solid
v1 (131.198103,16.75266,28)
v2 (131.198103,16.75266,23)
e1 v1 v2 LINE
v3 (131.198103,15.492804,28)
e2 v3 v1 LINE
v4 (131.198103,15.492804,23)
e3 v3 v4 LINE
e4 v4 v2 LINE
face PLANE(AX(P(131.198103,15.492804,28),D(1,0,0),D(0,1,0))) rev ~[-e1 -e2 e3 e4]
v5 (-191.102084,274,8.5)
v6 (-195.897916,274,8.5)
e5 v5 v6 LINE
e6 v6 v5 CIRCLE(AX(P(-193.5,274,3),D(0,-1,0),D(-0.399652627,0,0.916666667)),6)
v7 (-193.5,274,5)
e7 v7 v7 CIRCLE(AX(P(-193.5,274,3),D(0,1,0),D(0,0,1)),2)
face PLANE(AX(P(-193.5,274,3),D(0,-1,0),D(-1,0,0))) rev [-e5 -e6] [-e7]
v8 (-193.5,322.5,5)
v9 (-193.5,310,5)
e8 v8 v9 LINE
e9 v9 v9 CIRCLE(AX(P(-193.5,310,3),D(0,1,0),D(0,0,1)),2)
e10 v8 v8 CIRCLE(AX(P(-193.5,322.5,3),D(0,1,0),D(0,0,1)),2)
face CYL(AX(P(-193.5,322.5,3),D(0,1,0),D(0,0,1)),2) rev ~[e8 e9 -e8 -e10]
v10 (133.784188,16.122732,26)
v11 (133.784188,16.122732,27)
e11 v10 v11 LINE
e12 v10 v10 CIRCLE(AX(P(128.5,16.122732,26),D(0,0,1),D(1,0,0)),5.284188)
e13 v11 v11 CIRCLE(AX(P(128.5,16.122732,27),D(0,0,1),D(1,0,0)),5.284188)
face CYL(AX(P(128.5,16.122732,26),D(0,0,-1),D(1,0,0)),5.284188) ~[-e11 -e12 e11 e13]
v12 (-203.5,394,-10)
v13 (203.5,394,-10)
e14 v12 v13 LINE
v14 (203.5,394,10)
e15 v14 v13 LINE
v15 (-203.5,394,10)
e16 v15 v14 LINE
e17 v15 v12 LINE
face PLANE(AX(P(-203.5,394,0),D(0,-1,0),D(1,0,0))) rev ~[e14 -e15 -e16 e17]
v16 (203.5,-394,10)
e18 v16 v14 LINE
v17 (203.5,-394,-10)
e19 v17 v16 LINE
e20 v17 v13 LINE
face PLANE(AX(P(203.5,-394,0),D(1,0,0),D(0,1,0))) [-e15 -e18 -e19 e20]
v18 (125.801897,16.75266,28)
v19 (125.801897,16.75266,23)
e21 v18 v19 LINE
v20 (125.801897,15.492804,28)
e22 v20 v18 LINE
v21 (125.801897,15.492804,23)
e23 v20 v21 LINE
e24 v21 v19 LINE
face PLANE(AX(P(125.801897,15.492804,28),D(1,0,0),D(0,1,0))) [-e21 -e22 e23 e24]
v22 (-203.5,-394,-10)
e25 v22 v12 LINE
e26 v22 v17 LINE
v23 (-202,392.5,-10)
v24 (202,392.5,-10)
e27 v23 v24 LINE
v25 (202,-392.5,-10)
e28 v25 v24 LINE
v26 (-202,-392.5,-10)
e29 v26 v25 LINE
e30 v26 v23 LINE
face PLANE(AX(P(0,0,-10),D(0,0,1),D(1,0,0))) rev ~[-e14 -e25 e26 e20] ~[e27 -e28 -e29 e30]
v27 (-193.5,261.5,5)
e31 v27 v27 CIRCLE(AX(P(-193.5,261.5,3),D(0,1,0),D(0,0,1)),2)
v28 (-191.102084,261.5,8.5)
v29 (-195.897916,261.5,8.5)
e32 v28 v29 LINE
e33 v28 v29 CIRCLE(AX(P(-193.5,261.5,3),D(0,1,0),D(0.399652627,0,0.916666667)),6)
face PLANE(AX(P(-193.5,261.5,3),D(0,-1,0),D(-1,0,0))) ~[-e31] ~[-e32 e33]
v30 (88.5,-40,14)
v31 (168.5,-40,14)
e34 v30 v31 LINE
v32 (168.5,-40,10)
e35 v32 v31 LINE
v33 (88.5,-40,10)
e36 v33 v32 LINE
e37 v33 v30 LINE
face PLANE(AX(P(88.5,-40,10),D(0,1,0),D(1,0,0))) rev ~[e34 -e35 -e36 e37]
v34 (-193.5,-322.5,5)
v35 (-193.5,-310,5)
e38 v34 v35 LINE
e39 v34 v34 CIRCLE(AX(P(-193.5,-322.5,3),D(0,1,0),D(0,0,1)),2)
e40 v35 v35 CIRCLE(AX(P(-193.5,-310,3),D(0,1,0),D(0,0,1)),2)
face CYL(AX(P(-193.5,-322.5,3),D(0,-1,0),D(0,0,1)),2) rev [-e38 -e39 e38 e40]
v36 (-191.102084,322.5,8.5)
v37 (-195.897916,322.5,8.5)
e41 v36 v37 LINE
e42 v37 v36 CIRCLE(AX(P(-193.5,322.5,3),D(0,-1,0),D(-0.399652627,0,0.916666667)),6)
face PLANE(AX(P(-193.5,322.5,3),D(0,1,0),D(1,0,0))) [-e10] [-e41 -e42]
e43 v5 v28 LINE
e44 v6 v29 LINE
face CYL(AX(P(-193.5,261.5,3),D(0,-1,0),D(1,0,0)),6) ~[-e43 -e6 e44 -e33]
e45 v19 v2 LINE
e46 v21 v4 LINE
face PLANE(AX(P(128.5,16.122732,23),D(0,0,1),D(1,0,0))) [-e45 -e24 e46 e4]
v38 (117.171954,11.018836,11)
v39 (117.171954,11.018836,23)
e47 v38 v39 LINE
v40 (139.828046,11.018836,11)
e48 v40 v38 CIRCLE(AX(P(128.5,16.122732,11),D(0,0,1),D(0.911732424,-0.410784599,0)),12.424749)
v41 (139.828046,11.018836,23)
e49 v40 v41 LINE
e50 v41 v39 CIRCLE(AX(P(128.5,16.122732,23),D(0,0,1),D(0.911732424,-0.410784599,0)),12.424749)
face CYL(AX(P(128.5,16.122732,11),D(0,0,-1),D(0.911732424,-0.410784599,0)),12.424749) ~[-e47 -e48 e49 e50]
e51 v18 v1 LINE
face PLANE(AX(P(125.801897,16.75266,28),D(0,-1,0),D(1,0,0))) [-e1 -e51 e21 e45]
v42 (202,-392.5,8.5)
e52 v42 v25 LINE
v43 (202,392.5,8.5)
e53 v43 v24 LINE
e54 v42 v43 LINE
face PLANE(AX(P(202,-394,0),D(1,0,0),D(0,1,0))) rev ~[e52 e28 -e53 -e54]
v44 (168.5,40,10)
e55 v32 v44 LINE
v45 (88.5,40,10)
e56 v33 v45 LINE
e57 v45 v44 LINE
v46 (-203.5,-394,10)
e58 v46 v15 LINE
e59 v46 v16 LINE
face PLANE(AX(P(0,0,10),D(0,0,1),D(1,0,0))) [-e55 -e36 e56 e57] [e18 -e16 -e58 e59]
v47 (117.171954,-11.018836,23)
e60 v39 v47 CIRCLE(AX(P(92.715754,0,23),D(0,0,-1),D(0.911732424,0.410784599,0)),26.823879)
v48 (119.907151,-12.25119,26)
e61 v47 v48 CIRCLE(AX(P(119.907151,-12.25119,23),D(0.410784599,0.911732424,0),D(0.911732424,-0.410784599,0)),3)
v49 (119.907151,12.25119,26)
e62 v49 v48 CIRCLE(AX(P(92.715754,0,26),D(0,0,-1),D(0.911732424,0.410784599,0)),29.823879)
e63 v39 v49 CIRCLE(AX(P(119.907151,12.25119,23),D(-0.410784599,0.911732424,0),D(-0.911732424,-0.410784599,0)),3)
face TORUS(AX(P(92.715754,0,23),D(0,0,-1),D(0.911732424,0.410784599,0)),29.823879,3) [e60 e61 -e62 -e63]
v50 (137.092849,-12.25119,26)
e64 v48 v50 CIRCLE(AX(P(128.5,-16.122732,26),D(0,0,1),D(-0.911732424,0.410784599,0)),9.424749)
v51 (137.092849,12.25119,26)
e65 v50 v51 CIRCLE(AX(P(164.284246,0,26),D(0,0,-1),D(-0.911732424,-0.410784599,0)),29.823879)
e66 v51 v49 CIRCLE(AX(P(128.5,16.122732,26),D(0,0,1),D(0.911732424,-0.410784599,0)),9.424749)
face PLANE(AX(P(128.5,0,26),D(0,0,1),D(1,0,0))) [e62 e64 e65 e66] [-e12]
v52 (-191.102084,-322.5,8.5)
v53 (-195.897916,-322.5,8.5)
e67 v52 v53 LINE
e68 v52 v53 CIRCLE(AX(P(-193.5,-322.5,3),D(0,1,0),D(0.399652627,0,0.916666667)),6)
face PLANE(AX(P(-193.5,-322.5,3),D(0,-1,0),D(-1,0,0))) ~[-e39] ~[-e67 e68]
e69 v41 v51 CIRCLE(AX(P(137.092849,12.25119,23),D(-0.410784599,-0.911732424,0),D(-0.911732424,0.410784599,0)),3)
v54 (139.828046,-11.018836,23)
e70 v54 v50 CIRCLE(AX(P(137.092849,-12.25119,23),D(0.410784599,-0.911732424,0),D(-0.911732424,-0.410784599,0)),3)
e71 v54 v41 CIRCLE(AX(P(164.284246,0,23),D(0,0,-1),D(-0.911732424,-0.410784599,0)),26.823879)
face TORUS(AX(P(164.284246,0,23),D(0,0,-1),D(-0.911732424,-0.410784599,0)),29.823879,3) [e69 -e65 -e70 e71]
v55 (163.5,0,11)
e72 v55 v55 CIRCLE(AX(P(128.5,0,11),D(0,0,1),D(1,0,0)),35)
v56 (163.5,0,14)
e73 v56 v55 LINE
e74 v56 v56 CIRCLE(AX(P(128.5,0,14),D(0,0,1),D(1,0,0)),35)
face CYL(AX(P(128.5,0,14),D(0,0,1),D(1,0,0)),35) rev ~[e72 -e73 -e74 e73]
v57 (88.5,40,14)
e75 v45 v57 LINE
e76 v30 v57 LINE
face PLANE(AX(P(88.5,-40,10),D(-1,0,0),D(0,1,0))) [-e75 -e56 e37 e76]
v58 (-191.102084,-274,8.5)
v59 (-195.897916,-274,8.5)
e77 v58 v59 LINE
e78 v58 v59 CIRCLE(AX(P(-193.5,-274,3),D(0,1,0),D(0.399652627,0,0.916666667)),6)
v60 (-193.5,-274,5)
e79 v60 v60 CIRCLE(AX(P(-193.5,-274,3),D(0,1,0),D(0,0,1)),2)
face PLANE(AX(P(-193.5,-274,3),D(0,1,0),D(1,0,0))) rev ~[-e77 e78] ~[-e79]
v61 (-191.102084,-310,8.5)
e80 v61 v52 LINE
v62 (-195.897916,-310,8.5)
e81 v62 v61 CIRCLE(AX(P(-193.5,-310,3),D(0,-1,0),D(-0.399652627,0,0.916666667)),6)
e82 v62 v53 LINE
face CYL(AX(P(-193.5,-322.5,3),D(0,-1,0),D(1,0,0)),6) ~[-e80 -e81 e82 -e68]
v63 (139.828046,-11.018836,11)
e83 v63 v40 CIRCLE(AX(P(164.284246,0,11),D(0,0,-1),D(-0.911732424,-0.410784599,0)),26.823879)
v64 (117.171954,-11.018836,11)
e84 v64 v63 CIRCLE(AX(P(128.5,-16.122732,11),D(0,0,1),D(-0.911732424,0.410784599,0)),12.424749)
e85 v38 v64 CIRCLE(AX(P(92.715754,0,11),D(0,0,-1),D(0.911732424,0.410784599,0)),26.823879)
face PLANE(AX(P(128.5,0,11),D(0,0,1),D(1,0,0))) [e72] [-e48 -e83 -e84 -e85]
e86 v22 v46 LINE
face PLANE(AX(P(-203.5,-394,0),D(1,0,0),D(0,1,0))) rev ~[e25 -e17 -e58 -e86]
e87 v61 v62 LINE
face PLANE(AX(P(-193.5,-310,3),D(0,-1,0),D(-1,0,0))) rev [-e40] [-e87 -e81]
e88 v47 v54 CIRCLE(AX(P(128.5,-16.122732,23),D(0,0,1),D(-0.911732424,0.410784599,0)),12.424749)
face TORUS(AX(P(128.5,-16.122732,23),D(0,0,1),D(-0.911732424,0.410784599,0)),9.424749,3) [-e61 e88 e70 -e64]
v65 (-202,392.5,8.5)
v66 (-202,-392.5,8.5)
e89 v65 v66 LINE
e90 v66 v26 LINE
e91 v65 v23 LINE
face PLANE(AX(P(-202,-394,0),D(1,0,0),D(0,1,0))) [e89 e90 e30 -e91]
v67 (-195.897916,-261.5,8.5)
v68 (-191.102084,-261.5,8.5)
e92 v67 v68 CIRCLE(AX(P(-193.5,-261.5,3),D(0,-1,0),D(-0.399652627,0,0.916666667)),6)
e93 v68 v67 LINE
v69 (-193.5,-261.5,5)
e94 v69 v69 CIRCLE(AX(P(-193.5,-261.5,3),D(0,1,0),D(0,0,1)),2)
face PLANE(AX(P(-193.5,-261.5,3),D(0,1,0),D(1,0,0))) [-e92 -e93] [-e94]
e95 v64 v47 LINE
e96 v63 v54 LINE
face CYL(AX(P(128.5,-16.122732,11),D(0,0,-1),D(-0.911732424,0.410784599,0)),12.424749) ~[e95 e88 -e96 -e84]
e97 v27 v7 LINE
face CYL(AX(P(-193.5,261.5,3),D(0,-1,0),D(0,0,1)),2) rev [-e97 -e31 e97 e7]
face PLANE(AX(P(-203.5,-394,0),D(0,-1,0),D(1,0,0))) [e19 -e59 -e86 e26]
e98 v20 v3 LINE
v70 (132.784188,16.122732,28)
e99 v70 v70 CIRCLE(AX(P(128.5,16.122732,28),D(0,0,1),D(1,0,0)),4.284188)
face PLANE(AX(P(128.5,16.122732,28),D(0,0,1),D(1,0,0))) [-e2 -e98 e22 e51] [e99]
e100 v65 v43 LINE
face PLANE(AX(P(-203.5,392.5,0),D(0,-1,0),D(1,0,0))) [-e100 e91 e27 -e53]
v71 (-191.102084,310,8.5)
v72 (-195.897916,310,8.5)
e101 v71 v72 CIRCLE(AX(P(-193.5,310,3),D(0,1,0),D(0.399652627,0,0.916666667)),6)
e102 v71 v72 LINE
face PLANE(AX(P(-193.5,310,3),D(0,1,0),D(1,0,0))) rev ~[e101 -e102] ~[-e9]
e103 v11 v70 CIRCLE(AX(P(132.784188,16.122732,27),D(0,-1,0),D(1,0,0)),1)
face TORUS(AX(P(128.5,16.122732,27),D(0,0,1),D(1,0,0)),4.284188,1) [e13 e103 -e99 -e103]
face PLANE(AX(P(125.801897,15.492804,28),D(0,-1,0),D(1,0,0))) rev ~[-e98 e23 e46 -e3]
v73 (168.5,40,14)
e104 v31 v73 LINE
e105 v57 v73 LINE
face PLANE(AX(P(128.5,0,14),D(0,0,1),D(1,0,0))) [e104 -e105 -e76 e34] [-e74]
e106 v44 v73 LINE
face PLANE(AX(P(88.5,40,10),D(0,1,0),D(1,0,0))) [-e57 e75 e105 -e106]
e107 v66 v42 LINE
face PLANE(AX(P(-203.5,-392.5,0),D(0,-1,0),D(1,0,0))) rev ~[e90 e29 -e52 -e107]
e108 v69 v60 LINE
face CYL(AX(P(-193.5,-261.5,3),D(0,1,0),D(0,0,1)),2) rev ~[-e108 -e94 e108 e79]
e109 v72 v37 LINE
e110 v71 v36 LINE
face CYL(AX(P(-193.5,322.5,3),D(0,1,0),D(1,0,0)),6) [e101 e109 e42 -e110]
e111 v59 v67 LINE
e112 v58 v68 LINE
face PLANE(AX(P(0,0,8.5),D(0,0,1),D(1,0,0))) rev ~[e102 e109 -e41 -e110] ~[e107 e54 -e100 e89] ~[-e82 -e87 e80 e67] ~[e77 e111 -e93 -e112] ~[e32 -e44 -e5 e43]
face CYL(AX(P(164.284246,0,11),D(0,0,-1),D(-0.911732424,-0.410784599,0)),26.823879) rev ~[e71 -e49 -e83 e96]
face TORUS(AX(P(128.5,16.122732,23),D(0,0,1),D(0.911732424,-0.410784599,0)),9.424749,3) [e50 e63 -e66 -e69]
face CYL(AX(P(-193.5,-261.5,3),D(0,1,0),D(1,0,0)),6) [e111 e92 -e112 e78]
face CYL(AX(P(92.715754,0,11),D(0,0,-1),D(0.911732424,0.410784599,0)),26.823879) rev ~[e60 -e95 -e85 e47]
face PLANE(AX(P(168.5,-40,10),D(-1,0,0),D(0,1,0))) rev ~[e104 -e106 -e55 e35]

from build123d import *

# Parameters (mm, degrees)
SKETCH1_W                 = 407
SKETCH1_H                 = 788
BOSS_EXTRUDE1_DEPTH       = 10
SHELL1_T                  = -1.5
SKETCH2_W                 = 80
SKETCH2_H                 = 80
BOSS_EXTRUDE2_DEPTH       = 4
SKETCH3_R                 = 35
CUT_EXTRUDE1_DEPTH        = 3
BOSS_EXTRUDE3_DEPTH       = 15
SKETCH5_R                 = 5.284188489
BOSS_EXTRUDE4_DEPTH       = 2
FILLET1_R                 = 3
FILLET2_R                 = 1
SKETCH6_W                 = 5.396205122
SKETCH6_H                 = 1.259856044
CUT_EXTRUDE2_DEPTH        = 5
BOSS_EXTRUDE5_START       = -71.5
SKETCH7_R                 = 6
SKETCH7_R_2               = 2
BOSS_EXTRUDE5_DEPTH       = 12.5
MIRROR2_START             = -71.5
MIRROR2_COPY_1_SKETCH_R   = 6
MIRROR2_COPY_1_SKETCH_R_2 = 2
MIRROR2_COPY_1_DEPTH      = 12.5


with BuildPart() as part:
    # Sketch1 → Boss-Extrude1 (new, symmetric)
    with BuildSketch(Plane.XY):
        Rectangle(SKETCH1_W, SKETCH1_H)
    extrude(amount=BOSS_EXTRUDE1_DEPTH, both=True)

    # Shell1
    shell1_openings = [part.faces().sort_by_distance(p)[0] for p in [
        (0, 0, -10),
    ]]
    offset(amount=SHELL1_T, openings=shell1_openings, kind=Kind.INTERSECTION)

    # Sketch2 → Boss-Extrude2 (add)
    with BuildSketch(Plane.XY.offset(10)):
        with Locations((128.5, 0)):
            Rectangle(SKETCH2_W, SKETCH2_H)
    extrude(amount=BOSS_EXTRUDE2_DEPTH)

    # Sketch3 → Cut-Extrude1 (cut)
    with BuildSketch(Plane.XY.offset(14)):
        with Locations((128.5, 0)):
            Circle(SKETCH3_R)
    extrude(amount=-CUT_EXTRUDE1_DEPTH, mode=Mode.SUBTRACT)

    # Sketch4 → Boss-Extrude3 (add)
    with BuildSketch(Plane.XY.offset(11)):
        with BuildLine():
            ThreePointArc((139.828046269, 11.018836293), (128.5, 28.547480442), (117.171953731, 11.018836293))
            ThreePointArc((117.171953731, 11.018836293), (119.53963249, 0), (117.171953731, -11.018836293))
            ThreePointArc((117.171953731, -11.018836293), (128.5, -28.547480442), (139.828046269, -11.018836293))
            ThreePointArc((139.828046269, -11.018836293), (137.46036751, 0), (139.828046269, 11.018836293))
        make_face()
    extrude(amount=BOSS_EXTRUDE3_DEPTH)

    # Sketch5 → Boss-Extrude4 (add)
    with BuildSketch(Plane.XY.offset(26)):
        with Locations((128.5, 16.12273172)):
            Circle(SKETCH5_R)
    extrude(amount=BOSS_EXTRUDE4_DEPTH)

    # Fillet1
    fillet1_edges = [part.edges().sort_by_distance(p)[0] for p in [
        (137.46036751, 0, 26),
        (128.5, 28.547480442, 26),
        (119.53963249, 0, 26),
        (128.5, -28.547480442, 26),
    ]]
    fillet(fillet1_edges, radius=FILLET1_R)

    # Fillet2
    fillet2_edges = [part.edges().sort_by_distance(p)[0] for p in [
        (123.215811511, 16.12273172, 28),
    ]]
    fillet(fillet2_edges, radius=FILLET2_R)

    # Sketch6 → Cut-Extrude2 (cut)
    with BuildSketch(Plane.XY.offset(28)):
        with Locations((128.5, 16.12273172)):
            Rectangle(SKETCH6_W, SKETCH6_H)
    extrude(amount=-CUT_EXTRUDE2_DEPTH, mode=Mode.SUBTRACT)

    # Sketch7 → Boss-Extrude5 (add)
    with BuildSketch(Plane(origin=(0, 394, 0), x_dir=(1, 0, 0), z_dir=(0, 1, 0)).offset(BOSS_EXTRUDE5_START)):
        with Locations((-193.5, -3)):
            Circle(SKETCH7_R)
        with Locations(Location((-193.5, -3, 0), (0, 0, 270))):
            Circle(SKETCH7_R_2, mode=Mode.SUBTRACT)
    boss_extrude5 = extrude(amount=-BOSS_EXTRUDE5_DEPTH)

    # Mirror1: Boss-Extrude5 across plane
    add(boss_extrude5.mirror(Plane(origin=(0, 292, 0), x_dir=(0, 0, 1), z_dir=(0, -1, 0))))

    # Mirror2: Boss-Extrude5 across plane
    add(boss_extrude5.mirror(Plane.ZX))

    # Mirror2 copy 1 sketch → Mirror2 copy 1 (add)
    with BuildSketch(Plane(origin=(0, -190, 0), x_dir=(1, 0, 0), z_dir=(0, 1, 0)).offset(MIRROR2_START)):
        with Locations((-193.5, -3)):
            Circle(MIRROR2_COPY_1_SKETCH_R)
        with Locations(Location((-193.5, -3, 0), (0, 0, 270))):
            Circle(MIRROR2_COPY_1_SKETCH_R_2, mode=Mode.SUBTRACT)
    extrude(amount=-MIRROR2_COPY_1_DEPTH)


solid = part.part
